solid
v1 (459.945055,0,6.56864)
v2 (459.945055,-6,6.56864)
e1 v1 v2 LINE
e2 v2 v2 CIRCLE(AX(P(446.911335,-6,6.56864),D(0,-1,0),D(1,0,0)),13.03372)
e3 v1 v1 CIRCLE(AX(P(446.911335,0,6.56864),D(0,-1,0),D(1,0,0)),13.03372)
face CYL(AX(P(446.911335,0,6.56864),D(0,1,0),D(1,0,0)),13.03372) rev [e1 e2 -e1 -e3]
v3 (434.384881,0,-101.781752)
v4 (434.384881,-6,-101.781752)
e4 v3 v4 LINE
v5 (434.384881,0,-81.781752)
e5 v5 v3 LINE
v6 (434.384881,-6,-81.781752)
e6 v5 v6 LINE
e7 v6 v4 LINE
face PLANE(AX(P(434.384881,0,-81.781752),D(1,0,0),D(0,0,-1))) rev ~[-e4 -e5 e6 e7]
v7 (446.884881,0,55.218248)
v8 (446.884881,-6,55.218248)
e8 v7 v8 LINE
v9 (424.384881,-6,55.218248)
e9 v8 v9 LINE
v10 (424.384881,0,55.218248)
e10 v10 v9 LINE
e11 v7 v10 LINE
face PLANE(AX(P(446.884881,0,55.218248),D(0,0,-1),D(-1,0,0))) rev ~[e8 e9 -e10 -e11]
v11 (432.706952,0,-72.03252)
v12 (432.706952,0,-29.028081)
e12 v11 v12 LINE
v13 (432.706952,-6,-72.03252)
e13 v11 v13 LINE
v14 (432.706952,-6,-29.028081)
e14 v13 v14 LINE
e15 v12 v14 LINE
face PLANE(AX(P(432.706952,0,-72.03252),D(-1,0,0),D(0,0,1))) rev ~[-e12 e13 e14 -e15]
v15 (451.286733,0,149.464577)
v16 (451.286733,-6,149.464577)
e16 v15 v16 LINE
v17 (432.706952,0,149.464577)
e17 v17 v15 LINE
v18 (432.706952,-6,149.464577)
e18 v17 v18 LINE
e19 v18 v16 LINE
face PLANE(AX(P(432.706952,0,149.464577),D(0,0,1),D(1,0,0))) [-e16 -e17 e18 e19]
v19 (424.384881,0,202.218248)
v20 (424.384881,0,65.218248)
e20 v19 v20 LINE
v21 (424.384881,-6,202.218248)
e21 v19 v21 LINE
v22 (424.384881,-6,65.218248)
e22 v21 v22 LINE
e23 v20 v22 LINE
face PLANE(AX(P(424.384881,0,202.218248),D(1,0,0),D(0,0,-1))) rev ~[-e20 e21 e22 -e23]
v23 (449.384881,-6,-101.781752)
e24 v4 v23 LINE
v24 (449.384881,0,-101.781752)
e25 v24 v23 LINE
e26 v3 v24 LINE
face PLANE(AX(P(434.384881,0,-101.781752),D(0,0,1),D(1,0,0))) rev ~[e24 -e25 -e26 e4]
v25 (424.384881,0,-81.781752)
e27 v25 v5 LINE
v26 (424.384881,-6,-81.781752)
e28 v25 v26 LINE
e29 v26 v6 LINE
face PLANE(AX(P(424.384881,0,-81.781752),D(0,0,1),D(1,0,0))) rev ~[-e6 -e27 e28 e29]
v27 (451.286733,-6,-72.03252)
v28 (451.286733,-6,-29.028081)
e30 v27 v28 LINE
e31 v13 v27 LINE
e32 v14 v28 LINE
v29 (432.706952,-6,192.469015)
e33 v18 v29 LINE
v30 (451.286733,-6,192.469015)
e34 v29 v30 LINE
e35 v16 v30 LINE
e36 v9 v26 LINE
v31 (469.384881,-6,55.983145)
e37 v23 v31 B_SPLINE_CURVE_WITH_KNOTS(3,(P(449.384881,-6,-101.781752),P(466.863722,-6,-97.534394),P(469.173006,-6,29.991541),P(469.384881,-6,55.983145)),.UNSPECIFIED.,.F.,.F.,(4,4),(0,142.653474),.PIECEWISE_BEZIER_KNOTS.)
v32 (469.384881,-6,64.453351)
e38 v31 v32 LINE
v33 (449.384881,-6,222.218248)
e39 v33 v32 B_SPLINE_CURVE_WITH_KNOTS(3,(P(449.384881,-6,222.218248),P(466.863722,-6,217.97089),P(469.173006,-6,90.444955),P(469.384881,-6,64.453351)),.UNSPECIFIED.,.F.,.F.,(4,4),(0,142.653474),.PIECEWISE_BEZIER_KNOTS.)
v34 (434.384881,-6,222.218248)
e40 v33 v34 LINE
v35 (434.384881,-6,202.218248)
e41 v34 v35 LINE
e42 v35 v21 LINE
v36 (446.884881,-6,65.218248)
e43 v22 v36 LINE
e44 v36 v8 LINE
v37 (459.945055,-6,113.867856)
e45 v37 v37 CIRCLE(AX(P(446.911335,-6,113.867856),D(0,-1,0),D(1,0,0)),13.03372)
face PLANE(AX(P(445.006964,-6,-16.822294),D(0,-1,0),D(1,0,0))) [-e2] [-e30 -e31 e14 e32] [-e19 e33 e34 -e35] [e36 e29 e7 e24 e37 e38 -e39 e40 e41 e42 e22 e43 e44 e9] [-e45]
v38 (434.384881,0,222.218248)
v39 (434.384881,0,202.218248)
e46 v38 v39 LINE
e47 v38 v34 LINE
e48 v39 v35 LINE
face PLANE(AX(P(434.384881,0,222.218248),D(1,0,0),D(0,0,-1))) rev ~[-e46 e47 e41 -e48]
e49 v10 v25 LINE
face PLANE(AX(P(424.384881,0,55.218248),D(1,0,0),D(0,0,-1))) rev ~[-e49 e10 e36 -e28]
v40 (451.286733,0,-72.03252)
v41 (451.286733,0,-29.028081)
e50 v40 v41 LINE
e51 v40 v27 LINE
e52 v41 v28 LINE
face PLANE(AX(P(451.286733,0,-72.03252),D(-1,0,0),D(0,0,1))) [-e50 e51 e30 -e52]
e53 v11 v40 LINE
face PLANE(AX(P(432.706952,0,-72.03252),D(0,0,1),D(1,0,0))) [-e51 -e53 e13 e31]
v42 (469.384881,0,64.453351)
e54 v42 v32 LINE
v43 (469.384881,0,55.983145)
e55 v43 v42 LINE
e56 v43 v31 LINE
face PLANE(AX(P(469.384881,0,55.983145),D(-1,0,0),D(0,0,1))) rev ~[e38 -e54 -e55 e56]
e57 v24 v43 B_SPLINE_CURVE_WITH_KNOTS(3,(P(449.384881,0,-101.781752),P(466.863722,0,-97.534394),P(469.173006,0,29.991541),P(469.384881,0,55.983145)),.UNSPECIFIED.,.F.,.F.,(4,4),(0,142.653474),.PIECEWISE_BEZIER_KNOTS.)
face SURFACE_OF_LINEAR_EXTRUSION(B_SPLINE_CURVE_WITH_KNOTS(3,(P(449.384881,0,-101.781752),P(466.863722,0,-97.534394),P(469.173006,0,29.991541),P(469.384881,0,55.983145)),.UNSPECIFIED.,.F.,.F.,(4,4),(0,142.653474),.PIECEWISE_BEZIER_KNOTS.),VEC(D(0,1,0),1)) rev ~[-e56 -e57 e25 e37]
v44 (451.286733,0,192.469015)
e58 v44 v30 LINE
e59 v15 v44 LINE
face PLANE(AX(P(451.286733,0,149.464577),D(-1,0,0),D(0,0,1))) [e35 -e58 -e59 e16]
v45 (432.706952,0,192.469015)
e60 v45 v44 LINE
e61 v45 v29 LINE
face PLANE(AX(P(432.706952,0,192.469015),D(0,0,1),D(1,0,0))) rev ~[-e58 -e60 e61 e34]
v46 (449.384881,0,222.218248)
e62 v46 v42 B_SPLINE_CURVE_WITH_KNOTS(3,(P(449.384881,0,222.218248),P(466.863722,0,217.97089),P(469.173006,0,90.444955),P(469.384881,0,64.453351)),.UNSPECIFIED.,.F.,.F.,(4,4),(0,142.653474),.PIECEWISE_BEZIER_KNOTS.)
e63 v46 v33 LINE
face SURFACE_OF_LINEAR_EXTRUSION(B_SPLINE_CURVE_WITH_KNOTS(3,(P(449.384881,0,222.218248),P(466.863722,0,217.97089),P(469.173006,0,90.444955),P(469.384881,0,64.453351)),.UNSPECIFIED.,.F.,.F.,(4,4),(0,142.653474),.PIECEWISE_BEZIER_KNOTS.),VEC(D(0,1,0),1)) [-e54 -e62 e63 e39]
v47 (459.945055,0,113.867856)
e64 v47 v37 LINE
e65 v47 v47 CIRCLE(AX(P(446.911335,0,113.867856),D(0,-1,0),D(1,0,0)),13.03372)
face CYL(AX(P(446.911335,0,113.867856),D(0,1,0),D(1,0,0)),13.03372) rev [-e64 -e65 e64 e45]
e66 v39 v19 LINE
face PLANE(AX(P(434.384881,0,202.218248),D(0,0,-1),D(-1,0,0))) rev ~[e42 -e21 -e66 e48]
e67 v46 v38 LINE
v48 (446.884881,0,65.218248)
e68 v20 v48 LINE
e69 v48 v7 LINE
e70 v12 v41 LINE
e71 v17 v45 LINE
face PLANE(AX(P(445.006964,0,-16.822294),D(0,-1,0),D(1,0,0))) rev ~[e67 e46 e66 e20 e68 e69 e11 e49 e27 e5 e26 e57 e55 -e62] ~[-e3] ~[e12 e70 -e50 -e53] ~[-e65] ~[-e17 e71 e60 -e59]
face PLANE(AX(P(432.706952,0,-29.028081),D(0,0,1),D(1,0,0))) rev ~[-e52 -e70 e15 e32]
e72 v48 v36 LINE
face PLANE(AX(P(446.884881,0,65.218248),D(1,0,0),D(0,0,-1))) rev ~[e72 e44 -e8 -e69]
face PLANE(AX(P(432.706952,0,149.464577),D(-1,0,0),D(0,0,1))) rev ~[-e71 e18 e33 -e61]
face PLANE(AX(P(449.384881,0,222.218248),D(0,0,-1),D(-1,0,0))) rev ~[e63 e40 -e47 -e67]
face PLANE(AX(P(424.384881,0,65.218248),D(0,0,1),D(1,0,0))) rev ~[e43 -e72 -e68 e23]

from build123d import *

# Parameters (mm, degrees)
F0_W     = 18.579781
F0_H     = 43.004439
F0_R     = 13.03372
F0_H_2   = 43.004438
F1_DEPTH = 6


with BuildPart() as f1:
    # F0 (on Front) → F1 (new body)
    with BuildSketch(Plane.XZ):
        with BuildLine():
            Line((469.384881, 55.983145), (469.384881, 60.218248))
            Line((469.384881, 60.218248), (446.884881, 60.218248))
            Line((446.884881, 60.218248), (446.884881, 55.218248))
            Line((446.884881, 55.218248), (424.384881, 55.218248))
            Line((424.384881, 55.218248), (424.384881, -81.781752))
            Line((424.384881, -81.781752), (434.384881, -81.781752))
            Line((434.384881, -81.781752), (434.384881, -101.781752))
            Line((434.384881, -101.781752), (449.384881, -101.781752))
            add(Edge.make_bspline(
                [(449.384881, -101.781752), (466.863722, -97.534394), (469.173006, 29.991541), (469.384881, 55.983145)],
                knots=[0, 0, 0, 0, 142.653474, 142.653474, 142.653474, 142.653474], degree=3))
        make_face()
        with Locations((441.996842, -50.5303)):
            Rectangle(F0_W, F0_H, mode=Mode.SUBTRACT)
        with Locations((446.911335, 6.56864)):
            Circle(F0_R, mode=Mode.SUBTRACT)
        with BuildLine():
            add(Edge.make_bspline(
                [(449.384881, 222.218248), (466.863722, 217.97089), (469.173006, 90.444955), (469.384881, 64.453351)],
                knots=[0, 0, 0, 0, 142.653474, 142.653474, 142.653474, 142.653474], degree=3))
            Line((449.384881, 222.218248), (434.384881, 222.218248))
            Line((434.384881, 222.218248), (434.384881, 202.218248))
            Line((434.384881, 202.218248), (424.384881, 202.218248))
            Line((424.384881, 202.218248), (424.384881, 65.218248))
            Line((424.384881, 65.218248), (446.884881, 65.218248))
            Line((446.884881, 65.218248), (446.884881, 60.218248))
            Line((446.884881, 60.218248), (469.384881, 60.218248))
            Line((469.384881, 60.218248), (469.384881, 64.453351))
        make_face()
        with Locations((441.996842, 170.966796)):
            Rectangle(F0_W, F0_H_2, mode=Mode.SUBTRACT)
        with Locations((446.911335, 113.867856)):
            Circle(F0_R, mode=Mode.SUBTRACT)
    extrude(amount=F1_DEPTH)


solid = f1.part
